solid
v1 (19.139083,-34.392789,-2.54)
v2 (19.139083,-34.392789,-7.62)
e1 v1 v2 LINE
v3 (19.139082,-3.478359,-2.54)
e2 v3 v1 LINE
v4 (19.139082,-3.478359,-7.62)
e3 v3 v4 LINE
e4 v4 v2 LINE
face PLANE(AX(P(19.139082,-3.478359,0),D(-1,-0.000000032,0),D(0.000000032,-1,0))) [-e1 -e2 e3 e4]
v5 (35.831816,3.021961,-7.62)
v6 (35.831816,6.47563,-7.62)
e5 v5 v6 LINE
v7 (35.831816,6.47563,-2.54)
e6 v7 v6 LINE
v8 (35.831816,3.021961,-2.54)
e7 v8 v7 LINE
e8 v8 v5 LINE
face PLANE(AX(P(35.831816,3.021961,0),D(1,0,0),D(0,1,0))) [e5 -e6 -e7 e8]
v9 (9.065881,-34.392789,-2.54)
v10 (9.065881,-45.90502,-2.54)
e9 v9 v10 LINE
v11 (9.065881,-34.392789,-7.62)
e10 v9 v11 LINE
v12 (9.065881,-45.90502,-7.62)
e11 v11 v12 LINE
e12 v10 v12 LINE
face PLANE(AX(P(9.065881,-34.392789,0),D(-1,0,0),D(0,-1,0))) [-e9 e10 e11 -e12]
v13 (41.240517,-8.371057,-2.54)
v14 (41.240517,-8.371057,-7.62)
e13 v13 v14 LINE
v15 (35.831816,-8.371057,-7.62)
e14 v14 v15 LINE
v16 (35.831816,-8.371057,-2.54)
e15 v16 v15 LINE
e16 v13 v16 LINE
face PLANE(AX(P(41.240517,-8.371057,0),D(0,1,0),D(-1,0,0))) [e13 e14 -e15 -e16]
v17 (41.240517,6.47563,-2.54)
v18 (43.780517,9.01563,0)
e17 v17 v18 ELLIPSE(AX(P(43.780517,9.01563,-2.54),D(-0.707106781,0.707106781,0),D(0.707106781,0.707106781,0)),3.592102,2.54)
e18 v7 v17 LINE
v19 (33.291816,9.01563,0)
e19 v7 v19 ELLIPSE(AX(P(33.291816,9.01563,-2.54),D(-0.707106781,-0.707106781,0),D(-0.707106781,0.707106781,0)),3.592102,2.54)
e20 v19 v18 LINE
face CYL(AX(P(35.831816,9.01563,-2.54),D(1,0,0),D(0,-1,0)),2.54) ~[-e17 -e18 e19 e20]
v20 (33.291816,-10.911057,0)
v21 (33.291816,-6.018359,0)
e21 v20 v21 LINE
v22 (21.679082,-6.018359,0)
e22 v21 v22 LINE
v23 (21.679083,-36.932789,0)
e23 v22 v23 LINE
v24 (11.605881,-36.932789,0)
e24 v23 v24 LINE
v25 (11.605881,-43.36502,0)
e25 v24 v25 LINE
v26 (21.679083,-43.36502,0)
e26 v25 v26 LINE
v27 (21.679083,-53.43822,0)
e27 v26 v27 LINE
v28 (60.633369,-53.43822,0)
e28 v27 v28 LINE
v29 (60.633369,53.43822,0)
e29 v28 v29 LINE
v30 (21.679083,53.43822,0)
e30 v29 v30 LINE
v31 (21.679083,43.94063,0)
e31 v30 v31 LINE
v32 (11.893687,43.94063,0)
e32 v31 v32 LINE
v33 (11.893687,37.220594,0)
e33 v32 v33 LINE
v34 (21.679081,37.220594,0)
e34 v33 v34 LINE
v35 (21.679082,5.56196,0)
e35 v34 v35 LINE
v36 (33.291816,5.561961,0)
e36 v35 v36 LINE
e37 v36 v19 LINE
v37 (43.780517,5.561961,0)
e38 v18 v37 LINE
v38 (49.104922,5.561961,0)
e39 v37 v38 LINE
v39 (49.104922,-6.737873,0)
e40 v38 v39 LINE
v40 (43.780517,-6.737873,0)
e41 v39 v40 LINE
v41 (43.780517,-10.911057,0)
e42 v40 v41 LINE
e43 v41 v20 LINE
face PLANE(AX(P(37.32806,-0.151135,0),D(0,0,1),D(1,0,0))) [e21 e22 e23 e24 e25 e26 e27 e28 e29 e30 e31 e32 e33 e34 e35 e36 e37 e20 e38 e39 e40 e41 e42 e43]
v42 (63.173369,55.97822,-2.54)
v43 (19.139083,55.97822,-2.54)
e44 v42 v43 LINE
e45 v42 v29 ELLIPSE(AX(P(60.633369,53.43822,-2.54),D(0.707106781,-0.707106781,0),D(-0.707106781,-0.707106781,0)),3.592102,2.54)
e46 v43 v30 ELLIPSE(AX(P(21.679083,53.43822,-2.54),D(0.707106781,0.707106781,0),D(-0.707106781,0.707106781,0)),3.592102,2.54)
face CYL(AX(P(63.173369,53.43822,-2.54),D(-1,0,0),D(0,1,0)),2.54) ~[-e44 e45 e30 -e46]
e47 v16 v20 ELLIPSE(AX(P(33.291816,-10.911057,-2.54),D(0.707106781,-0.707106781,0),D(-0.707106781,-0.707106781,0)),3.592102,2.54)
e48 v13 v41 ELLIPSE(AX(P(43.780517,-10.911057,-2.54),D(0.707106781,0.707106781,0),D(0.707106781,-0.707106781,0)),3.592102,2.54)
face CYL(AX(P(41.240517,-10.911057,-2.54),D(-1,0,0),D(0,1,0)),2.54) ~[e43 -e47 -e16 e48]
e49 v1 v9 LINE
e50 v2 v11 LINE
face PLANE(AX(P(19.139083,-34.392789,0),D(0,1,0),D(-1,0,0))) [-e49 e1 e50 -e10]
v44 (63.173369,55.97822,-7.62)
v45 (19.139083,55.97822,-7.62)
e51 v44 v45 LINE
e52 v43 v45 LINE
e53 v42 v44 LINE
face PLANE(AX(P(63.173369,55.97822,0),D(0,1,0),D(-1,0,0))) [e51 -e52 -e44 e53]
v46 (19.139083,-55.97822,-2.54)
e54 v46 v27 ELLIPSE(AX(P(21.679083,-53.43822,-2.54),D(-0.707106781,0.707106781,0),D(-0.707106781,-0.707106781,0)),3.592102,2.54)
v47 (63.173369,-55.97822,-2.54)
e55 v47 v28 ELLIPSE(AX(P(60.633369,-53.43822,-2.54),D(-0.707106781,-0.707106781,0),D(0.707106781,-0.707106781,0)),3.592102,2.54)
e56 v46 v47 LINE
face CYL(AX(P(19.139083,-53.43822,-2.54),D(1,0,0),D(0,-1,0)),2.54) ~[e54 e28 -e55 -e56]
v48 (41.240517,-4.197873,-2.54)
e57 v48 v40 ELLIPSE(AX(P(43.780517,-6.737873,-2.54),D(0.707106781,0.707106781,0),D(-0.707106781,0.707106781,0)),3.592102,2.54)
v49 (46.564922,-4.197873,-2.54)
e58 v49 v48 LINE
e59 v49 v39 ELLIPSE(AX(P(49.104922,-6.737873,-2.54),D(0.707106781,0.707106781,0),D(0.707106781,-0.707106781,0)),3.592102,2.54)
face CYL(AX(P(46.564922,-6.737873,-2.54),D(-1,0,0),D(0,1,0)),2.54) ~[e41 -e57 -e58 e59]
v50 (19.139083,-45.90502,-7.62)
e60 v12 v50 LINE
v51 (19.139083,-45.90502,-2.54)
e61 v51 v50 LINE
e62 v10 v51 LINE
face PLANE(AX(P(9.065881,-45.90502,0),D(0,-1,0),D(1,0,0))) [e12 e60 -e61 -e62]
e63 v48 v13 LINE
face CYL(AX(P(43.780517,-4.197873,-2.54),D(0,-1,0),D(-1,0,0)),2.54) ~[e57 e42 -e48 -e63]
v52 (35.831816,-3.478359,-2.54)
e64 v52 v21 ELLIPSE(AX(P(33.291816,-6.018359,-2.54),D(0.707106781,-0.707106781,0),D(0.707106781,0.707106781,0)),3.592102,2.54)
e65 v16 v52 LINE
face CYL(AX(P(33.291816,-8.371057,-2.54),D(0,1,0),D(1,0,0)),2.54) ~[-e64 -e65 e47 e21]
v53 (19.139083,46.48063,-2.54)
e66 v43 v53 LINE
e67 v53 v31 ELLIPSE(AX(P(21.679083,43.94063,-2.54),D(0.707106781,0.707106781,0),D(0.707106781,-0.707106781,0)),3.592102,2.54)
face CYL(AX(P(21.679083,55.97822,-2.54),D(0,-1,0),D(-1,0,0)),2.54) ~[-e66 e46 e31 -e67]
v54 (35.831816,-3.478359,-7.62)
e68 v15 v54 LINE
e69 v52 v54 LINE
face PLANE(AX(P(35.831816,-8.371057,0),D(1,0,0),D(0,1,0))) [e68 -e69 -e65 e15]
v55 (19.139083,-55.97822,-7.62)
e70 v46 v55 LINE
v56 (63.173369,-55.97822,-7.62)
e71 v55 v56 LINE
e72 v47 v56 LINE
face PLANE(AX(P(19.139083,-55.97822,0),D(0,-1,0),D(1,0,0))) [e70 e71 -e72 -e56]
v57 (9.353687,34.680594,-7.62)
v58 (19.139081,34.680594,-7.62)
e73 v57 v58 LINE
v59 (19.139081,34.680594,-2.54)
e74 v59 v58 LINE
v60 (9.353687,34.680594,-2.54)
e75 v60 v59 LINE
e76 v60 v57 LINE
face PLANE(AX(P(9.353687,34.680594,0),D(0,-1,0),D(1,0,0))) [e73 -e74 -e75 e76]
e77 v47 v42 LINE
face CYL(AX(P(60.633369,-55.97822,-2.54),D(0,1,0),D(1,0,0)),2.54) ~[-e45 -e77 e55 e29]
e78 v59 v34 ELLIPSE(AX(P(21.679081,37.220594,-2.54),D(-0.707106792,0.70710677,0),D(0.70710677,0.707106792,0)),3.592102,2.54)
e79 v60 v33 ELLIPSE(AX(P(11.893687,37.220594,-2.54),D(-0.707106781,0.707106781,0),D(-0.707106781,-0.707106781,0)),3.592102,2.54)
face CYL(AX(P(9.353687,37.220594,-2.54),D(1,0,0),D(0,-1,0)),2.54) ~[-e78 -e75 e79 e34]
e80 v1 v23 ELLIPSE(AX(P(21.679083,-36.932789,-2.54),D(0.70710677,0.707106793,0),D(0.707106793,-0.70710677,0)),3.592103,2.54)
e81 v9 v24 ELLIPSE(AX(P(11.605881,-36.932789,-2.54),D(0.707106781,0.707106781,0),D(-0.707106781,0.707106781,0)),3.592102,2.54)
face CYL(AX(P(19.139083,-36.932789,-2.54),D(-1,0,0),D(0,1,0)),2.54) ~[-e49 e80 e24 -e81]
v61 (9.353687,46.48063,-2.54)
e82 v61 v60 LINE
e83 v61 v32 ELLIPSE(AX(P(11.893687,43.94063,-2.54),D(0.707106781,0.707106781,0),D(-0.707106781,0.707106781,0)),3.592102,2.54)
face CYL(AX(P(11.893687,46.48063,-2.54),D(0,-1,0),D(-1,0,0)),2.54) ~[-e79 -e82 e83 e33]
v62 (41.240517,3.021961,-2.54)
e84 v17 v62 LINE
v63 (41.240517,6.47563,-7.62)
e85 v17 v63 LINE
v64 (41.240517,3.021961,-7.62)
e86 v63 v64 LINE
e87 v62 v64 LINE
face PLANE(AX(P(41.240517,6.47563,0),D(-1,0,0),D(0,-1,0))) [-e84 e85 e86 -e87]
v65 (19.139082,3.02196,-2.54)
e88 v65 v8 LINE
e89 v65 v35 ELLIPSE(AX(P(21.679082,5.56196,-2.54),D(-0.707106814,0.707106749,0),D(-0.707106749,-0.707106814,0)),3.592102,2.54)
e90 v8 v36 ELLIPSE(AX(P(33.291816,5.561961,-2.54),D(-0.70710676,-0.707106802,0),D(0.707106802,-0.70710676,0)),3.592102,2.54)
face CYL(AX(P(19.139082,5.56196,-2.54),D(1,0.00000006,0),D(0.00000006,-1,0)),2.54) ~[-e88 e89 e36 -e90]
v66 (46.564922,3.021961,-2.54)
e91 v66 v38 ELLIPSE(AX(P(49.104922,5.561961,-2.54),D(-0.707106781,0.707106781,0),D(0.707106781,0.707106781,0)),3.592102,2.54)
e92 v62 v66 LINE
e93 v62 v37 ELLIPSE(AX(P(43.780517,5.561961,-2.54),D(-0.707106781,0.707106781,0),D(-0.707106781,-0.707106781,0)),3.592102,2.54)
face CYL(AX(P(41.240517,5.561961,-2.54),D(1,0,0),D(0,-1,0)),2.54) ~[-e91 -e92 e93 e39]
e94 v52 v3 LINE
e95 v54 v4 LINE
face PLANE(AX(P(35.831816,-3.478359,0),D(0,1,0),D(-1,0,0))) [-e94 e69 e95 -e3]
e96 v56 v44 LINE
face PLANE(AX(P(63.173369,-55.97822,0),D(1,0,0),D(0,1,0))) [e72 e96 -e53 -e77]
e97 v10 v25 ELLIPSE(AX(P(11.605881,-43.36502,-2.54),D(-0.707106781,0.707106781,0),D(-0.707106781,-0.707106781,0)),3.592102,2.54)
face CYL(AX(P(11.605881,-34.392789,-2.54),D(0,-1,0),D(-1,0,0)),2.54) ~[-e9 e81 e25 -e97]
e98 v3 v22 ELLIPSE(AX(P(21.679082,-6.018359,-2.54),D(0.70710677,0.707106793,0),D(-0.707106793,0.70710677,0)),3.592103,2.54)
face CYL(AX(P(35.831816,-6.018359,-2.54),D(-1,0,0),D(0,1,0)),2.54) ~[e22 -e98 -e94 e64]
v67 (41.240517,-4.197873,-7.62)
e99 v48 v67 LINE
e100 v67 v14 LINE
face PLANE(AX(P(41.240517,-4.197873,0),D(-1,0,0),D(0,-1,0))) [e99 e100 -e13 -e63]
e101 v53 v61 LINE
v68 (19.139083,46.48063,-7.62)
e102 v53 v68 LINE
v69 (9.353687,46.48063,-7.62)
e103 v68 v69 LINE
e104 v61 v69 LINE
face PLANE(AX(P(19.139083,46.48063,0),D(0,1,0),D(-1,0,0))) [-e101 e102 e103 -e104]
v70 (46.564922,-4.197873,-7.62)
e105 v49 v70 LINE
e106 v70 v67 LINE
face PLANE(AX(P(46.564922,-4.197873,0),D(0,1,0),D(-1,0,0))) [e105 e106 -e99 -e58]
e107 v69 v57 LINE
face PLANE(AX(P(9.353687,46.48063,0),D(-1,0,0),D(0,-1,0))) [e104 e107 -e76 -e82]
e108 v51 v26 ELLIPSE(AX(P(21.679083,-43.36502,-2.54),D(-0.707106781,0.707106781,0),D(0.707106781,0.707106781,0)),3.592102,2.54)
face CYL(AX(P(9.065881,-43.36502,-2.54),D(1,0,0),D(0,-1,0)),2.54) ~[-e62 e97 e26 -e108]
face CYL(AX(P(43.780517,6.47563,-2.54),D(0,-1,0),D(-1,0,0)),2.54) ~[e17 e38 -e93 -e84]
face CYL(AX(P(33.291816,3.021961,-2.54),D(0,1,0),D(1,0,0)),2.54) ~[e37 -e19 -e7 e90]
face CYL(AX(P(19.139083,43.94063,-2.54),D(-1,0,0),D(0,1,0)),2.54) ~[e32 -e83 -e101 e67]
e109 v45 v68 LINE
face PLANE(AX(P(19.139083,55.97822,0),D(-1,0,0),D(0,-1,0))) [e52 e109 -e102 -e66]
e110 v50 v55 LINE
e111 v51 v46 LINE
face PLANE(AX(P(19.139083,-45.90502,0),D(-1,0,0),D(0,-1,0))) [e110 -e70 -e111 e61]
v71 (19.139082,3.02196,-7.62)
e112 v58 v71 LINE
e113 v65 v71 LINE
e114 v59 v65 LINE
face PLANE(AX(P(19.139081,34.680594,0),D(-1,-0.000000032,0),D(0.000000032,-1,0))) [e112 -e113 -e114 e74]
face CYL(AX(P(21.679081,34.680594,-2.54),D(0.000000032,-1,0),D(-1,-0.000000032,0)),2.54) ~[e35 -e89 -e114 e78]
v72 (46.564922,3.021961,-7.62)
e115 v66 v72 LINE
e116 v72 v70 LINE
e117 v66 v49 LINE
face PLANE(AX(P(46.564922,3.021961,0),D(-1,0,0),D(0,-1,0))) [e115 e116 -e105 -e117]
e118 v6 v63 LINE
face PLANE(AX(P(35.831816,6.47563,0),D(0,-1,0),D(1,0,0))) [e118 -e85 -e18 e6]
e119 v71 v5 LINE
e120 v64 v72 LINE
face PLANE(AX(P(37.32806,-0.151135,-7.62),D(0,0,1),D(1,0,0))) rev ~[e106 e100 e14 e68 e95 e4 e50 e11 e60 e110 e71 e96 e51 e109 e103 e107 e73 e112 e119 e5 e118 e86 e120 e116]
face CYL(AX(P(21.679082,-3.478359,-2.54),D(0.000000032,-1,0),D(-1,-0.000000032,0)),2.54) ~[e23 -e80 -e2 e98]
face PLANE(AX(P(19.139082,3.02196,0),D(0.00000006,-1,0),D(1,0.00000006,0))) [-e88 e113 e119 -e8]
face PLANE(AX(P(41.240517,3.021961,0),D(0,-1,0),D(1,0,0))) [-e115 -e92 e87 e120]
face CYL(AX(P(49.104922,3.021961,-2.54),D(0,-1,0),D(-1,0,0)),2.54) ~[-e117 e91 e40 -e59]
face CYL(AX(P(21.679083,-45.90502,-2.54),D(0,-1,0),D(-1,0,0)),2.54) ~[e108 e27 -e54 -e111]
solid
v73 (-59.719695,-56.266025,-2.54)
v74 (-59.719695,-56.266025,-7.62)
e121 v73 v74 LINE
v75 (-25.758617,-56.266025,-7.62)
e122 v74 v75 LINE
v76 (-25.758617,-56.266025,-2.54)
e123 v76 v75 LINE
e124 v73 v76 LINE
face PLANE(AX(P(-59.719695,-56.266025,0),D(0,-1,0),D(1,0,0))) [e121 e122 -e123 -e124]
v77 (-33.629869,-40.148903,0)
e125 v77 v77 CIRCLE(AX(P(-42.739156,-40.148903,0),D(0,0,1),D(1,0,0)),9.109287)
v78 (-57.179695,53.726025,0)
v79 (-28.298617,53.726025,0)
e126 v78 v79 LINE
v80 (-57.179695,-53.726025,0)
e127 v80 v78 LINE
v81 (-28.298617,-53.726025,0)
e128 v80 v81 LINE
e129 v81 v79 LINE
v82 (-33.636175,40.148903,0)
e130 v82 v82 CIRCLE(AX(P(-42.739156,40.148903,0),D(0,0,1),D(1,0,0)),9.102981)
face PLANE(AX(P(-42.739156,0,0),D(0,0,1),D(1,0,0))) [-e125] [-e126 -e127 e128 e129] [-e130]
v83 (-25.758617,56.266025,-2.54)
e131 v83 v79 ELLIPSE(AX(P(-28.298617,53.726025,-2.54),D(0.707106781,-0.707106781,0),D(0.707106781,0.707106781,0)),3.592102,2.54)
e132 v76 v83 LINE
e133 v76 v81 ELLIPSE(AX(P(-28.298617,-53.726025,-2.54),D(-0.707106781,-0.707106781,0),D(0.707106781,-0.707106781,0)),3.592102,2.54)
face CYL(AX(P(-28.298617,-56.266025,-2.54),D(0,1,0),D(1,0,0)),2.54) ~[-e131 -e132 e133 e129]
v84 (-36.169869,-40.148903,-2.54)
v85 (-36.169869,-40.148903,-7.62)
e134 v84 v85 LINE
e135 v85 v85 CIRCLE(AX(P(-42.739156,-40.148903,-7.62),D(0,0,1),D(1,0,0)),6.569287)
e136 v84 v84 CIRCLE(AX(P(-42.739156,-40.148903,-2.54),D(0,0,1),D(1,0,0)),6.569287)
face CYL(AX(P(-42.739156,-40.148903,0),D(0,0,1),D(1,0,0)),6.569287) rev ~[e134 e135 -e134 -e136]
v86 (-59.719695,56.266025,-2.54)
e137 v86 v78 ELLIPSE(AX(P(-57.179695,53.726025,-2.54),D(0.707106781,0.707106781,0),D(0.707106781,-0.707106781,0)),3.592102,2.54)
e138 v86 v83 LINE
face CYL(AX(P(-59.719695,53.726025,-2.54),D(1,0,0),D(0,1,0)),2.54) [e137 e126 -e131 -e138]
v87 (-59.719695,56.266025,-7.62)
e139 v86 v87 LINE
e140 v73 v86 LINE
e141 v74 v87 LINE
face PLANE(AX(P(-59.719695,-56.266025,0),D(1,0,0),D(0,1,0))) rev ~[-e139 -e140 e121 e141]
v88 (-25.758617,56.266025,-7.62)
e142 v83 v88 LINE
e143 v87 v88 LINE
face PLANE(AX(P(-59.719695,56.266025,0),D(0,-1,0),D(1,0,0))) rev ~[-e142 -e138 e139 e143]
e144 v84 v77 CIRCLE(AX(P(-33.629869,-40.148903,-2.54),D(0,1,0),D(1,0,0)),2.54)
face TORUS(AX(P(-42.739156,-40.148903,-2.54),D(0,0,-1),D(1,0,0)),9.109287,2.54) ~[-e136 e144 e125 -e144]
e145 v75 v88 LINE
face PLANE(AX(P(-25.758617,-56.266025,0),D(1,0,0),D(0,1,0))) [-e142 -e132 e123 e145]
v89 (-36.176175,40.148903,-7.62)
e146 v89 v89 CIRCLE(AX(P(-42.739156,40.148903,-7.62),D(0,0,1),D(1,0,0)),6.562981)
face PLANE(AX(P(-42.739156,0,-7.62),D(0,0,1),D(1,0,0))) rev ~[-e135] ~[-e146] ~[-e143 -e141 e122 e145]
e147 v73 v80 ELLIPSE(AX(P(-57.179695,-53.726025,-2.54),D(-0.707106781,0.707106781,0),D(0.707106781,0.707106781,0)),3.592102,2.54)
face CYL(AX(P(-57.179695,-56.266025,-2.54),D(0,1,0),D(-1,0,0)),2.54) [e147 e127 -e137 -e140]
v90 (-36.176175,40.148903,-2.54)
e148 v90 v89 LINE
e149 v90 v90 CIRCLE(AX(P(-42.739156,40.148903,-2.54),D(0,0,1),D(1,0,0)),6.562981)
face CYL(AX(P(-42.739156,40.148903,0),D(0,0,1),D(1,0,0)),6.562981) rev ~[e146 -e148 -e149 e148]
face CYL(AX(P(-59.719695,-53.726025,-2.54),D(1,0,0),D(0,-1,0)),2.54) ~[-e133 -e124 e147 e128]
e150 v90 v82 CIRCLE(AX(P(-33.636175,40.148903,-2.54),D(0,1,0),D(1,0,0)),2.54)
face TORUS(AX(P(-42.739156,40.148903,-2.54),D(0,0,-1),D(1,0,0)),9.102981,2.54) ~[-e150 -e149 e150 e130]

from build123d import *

# Parameters (mm, degrees)
F0_W     = 33.961078
F0_H     = 112.53205
F0_R     = 6.569287
F0_R_2   = 6.562981
F1_DEPTH = 7.62
F2_R     = 2.54
F3_R     = 2.54


with BuildPart() as f1:
    # F0 (on Top) → F1 (new body)
    with BuildSketch(Plane.XY):
        with Locations((-42.739156, 0)):
            Rectangle(F0_W, F0_H)
        with Locations((-42.739156, -40.148903)):
            Circle(F0_R, mode=Mode.SUBTRACT)
        with Locations((-42.739156, 40.148903)):
            Circle(F0_R_2, mode=Mode.SUBTRACT)
        Polygon((63.173369, 55.97822), (19.139083, 55.97822), (19.139083, 46.48063), (9.353687, 46.48063), (9.353687, 34.680594), (19.139081, 34.680594), (19.139082, 3.02196), (35.831816, 3.021961), (35.831816, 6.47563), (41.240517, 6.47563), (41.240517, 3.021961), (46.564922, 3.021961), (46.564922, -2.327136), (46.564922, -4.197873), (41.240517, -4.197873), (41.240517, -8.371057), (35.831816, -8.371057), (35.831816, -3.478359), (19.139082, -3.478359), (19.139083, -34.392789), (9.065881, -34.392789), (9.065881, -45.90502), (19.139083, -45.90502), (19.139083, -55.97822), (63.173369, -55.97822), align=None)
    extrude(amount=-F1_DEPTH)

    # F2
    f2_edges = [f1.edges().sort_by_distance(p)[0] for p in [
        (41.156226, 55.97822, 0),
        (19.139083, 51.229425, 0),
        (14.246385, 46.48063, 0),
        (9.353687, 40.580612, 0),
        (14.246384, 34.680594, 0),
        (19.139082, 18.851277, 0),
        (27.485449, 3.021961, 0),
        (35.831816, 4.748795, 0),
        (38.536167, 6.47563, 0),
        (41.240517, 4.748795, 0),
        (43.902719, 3.021961, 0),
        (46.564922, -0.587956, 0),
        (43.902719, -4.197873, 0),
        (41.240517, -6.284465, 0),
        (38.536167, -8.371057, 0),
        (35.831816, -5.924708, 0),
        (27.485449, -3.478359, 0),
        (19.139083, -18.935574, 0),
        (14.102482, -34.392789, 0),
        (9.065881, -40.148905, 0),
        (14.102482, -45.90502, 0),
        (19.139083, -50.94162, 0),
        (41.156226, -55.97822, 0),
        (63.173369, 0, 0),
    ]]
    fillet(f2_edges, radius=F2_R)

    # F3
    f3_edges = [f1.edges().sort_by_distance(p)[0] for p in [
        (-42.739156, 56.266025, 0),
        (-59.719695, 0, 0),
        (-42.739156, -56.266025, 0),
        (-25.758617, 0, 0),
        (-49.308443, -40.148903, 0),
        (-49.302137, 40.148903, 0),
    ]]
    fillet(f3_edges, radius=F3_R)


solid = f1.part
